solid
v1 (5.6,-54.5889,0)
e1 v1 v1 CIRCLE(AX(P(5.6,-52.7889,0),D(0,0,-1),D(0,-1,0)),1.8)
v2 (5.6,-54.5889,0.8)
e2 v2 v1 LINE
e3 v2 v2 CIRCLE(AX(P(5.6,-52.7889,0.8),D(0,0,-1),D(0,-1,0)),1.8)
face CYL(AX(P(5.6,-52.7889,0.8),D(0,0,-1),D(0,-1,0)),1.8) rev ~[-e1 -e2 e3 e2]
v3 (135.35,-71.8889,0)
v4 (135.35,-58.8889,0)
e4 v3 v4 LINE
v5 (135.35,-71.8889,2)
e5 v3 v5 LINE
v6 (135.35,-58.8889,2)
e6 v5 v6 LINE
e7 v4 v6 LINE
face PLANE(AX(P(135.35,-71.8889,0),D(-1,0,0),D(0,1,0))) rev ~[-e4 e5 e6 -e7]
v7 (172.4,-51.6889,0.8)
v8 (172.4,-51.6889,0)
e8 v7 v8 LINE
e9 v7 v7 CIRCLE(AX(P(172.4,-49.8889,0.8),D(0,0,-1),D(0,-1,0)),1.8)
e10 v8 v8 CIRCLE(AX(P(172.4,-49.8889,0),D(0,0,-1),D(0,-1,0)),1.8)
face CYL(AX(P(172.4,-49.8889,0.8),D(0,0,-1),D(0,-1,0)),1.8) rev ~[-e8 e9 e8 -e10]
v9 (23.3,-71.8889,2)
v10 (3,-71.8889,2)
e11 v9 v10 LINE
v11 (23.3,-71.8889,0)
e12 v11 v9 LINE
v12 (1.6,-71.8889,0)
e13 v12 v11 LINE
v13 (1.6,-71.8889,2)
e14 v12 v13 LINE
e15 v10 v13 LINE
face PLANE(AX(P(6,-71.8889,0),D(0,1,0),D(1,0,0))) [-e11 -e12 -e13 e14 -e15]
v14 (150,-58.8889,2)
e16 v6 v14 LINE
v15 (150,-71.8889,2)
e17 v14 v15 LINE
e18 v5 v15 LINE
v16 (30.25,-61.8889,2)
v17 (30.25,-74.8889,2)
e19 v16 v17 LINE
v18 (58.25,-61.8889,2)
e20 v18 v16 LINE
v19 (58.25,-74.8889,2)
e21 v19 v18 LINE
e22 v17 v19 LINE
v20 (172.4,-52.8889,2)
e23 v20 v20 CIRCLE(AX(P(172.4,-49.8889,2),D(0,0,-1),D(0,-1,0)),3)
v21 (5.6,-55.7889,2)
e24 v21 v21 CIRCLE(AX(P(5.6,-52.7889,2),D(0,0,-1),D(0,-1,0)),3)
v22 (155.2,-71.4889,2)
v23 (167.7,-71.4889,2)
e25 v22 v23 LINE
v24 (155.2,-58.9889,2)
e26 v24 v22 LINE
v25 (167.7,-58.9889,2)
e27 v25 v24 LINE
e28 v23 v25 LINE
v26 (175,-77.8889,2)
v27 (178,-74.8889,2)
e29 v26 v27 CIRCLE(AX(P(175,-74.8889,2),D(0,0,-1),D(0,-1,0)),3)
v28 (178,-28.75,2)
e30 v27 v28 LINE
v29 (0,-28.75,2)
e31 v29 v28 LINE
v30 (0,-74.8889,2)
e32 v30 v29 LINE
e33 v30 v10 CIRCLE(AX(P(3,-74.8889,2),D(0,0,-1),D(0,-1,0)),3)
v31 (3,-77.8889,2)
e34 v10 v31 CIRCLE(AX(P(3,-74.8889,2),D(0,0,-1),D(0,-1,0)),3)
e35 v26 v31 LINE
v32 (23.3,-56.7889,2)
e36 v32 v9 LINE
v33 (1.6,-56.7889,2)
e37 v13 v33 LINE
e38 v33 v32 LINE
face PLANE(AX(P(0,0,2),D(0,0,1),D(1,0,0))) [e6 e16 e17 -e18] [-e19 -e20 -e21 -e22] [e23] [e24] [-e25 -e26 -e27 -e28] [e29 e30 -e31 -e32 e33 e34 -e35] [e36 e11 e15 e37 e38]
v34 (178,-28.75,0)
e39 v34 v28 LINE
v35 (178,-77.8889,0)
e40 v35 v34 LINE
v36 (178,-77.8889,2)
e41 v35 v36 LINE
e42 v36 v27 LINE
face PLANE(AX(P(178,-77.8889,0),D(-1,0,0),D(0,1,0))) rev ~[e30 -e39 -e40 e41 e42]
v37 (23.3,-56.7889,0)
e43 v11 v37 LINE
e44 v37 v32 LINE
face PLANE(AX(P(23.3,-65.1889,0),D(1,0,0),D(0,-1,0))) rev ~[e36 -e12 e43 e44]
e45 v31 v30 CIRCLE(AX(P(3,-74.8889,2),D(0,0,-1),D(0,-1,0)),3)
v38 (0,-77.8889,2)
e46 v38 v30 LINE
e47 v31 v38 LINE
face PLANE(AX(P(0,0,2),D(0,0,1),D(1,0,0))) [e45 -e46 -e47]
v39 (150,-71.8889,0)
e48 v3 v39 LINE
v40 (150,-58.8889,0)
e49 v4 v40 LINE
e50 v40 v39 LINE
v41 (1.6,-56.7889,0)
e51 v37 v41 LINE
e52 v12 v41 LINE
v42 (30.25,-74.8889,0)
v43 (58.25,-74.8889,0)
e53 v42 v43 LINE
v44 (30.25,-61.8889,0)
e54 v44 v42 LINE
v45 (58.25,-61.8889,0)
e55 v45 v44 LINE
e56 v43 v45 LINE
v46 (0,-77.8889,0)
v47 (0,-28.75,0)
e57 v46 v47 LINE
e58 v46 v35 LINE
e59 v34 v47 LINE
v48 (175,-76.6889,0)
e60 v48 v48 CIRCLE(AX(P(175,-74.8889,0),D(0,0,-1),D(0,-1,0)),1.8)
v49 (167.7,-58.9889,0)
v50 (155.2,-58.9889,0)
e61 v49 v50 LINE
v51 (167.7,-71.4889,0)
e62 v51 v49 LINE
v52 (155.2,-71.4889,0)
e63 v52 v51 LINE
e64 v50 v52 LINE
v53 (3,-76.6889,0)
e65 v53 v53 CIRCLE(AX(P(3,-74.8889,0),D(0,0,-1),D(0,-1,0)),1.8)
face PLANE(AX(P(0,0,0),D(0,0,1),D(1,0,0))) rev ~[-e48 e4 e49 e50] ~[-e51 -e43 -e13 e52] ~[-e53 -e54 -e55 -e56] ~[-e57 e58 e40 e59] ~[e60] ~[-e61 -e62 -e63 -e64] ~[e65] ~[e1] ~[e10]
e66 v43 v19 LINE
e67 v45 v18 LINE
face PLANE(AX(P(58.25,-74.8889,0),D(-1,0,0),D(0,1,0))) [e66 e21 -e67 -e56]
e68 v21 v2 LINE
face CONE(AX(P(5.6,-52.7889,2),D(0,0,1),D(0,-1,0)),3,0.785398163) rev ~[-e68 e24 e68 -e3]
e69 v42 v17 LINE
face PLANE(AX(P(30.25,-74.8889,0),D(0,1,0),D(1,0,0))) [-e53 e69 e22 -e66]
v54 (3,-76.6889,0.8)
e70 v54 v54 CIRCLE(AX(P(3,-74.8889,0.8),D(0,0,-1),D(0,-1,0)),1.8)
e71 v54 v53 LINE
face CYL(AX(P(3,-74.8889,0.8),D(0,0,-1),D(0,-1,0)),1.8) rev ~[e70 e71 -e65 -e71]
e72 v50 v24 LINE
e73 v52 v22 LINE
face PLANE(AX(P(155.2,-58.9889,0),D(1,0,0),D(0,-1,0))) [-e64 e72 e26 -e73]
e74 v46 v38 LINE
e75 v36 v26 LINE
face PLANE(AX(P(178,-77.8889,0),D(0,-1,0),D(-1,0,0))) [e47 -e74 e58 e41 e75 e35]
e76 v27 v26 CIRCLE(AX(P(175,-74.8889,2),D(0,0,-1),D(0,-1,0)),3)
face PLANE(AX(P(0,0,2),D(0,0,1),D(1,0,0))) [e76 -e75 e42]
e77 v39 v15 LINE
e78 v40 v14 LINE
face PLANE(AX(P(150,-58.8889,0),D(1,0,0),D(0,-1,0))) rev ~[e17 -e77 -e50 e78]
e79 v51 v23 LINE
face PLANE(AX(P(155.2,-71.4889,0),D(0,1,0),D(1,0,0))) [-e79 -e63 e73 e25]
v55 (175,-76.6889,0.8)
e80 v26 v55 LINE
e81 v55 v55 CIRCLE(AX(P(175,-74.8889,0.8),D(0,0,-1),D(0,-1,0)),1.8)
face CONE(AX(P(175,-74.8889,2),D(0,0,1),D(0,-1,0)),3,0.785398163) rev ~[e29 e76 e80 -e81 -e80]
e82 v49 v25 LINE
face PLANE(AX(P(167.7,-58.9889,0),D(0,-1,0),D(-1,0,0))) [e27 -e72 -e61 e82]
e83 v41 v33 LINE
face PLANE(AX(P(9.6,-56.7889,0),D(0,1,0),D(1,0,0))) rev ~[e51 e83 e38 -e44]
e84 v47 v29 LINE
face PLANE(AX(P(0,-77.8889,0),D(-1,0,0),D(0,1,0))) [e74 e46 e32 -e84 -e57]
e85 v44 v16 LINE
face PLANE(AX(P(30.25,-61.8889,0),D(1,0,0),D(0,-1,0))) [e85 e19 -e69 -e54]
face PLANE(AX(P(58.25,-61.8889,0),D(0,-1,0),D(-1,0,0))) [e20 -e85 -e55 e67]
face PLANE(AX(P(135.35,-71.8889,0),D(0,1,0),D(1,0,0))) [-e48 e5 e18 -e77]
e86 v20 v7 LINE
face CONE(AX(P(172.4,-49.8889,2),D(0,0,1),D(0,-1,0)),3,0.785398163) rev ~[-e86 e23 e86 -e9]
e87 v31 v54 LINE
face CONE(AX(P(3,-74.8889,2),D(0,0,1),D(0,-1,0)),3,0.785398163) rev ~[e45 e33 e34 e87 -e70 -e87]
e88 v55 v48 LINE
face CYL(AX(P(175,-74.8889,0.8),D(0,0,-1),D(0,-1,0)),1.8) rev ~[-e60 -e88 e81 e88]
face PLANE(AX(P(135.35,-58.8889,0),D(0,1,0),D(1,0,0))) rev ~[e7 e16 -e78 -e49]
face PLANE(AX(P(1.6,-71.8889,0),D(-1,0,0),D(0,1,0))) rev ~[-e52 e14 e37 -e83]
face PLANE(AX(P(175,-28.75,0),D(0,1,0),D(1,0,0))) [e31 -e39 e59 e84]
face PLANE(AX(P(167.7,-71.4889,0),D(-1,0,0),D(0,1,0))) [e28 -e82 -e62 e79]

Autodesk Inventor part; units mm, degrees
ref_plane "YZ Plane" through (0, 0, 0) normal (1, 0, 0) x (0, 1, 0)
ref_plane "XZ Plane" through (0, 0, 0) normal (0, 1, 0) x (-1, 0, 0)
ref_plane "XY Plane" through (0, 0, 0) normal (0, 0, 1) x (1, 0, 0)
ref_plane "Work Plane1" through (0, 0, 0) normal (0, 0, 1) x (1, 0, 0)
sketch "Sketch1" plane through (0, 0, 0) normal (0, 0, 1) x (1, 0, 0)
  circle A0 centre (118.7, -21.5445) radius 2.5 projected
  circle A1 centre (113.95, -8.8843) radius 2.5 projected
  circle A2 centre (64.05, -19.8657) radius 2.5 projected
  circle A3 centre (59.3, -7.2055) radius 2.5 projected
  circle A4 centre (64.05, -8.8843) radius 2.5 projected
  circle A5 centre (59.3, -21.5445) radius 2.5 projected
  circle A6 centre (118.7, -7.2055) radius 2.5 projected
  circle A7 centre (113.95, -19.8657) radius 2.5 projected
  line L0 (84.5, 12.4325) -> (84.5, -11.5675) projected
  line L1 (84.5, -11.5675) -> (72.5, -11.5675) projected
  line L2 (72.5, -11.5675) -> (72.5, 4.5875) projected
  circle A8 centre (69.5, 4.5875) radius 3 projected
  line L3 (72.5, 4.5875) -> (72.5, 12.4325) projected
  line L4 (72.5, 12.4325) -> (84.5, 12.4325) projected
  arc A9 (105.5, 4.2836) -> (105.5, 4.8914) centre (108.4846, 4.5875) ccw projected
  line L5 (105.5, 4.2836) -> (105.5, -11.5675) projected
  line L6 (105.5, -11.5675) -> (93.5, -11.5675) projected
  line L7 (93.5, -11.5675) -> (93.5, 12.4325) projected
  line L8 (93.5, 12.4325) -> (105.5, 12.4325) projected
  line L9 (105.5, 12.4325) -> (105.5, 4.8914) projected
  circle A10 centre (108.4462, 27.5) radius 3 projected
  circle A11 centre (69.5, 27.5) radius 3 projected
  circle A12 centre (89, 0.9661) radius 3 projected
  circle A13 centre (89, 29.5) radius 3 projected
  arc A14 (175, 0) -> (178, -3) centre (175, -3) ccw projected
  line L10 (175, 0) -> (112.5, 0) projected
  line L11 (112.5, 0) -> (112.5, 55) projected
  line L12 (112.5, 55) -> (65.5, 55) projected
  line L13 (65.5, 55) -> (65.5, 0) projected
  line L14 (65.5, 0) -> (3, 0) projected
  arc A15 (0, -3) -> (3, 0) centre (3, -3) ccw projected
  line L15 (0, -3) -> (0, -25.75) projected
  arc A16 (3, -28.75) -> (0, -25.75) centre (3, -25.75) ccw projected
  line L16 (3, -28.75) -> (175, -28.75) projected
  arc A17 (178, -25.75) -> (175, -28.75) centre (175, -25.75) ccw projected
  line L17 (178, -25.75) -> (178, -3) projected
  circle A18 centre (3, -25.75) radius 2.3 projected
  circle A19 centre (3, -3) radius 2.3 projected
  circle A20 centre (3, -74.8889) radius 2.3 projected
  line L18 (0, 0) -> (6, 0) projected
  line L19 (0, -77.8889) -> (0, 0) projected
  line L20 (0, -77.8889) -> (6, -77.8889) projected
  line L21 (6, -71.8889) -> (6, -77.8889) projected
  line L22 (6, -71.8889) -> (1.6, -71.8889) projected
  line L23 (1.6, -71.8889) -> (1.6, -56.7889) projected
  line L24 (1.6, -56.7889) -> (9.6, -56.7889) projected
  line L25 (9.6, -44.7889) -> (9.6, -56.7889) projected
  line L26 (3, -44.7889) -> (9.6, -44.7889) projected
  line L27 (3, -28.75) -> (3, -44.7889) projected
  line L28 (3, -28.75) -> (6, -28.75) projected
  line L29 (6, -28.75) -> (6, -22.75) projected
  line L30 (6, -22.75) -> (3, -22.75) projected
  line L31 (3, -6) -> (3, -22.75) projected
  line L32 (3, -6) -> (6, -6) projected
  line L33 (6, -6) -> (6, 0) projected
  circle A21 centre (5.6, -52.7889) radius 2.6 projected
  circle A22 centre (175, -3) radius 2.3 projected
  circle A23 centre (175, -25.75) radius 2.3 projected
  line L34 (175, -28.75) -> (175, -41.8889) projected
  line L35 (168.4, -41.8889) -> (175, -41.8889) projected
  line L36 (168.4, -53.8889) -> (168.4, -41.8889) projected
  line L37 (175, -53.8889) -> (168.4, -53.8889) projected
  line L38 (175, -53.8889) -> (175, -71.8889) projected
  line L39 (175, -71.8889) -> (172, -71.8889) projected
  line L40 (172, -71.8889) -> (172, -77.8889) projected
  line L41 (178, -77.8889) -> (172, -77.8889) projected
  line L42 (178, -77.8889) -> (178, 0) projected
  line L43 (178, 0) -> (172, 0) projected
  line L44 (172, 0) -> (172, -6) projected
  line L45 (172, -6) -> (175, -6) projected
  line L46 (175, -6) -> (175, -22.75) projected
  line L47 (175, -22.75) -> (172, -22.75) projected
  line L48 (172, -22.75) -> (172, -28.75) projected
  line L49 (172, -28.75) -> (175, -28.75) projected
  circle A24 centre (175, -74.8889) radius 2.3 projected
  circle A25 centre (172.4, -49.8889) radius 2.6 projected
  line L50 (156.2, -70.4889) -> (156.2, -59.9889) projected
  line L51 (166.7, -59.9889) -> (156.2, -59.9889) projected
  line L52 (166.7, -59.9889) -> (166.7, -70.4889) projected
  line L53 (156.2, -70.4889) -> (166.7, -70.4889) projected
  line L54 (149, -59.8889) -> (149, -70.8889) projected
  line L55 (149, -70.8889) -> (136.35, -70.8889) projected
  line L56 (136.35, -70.8889) -> (136.35, -59.8889) projected
  line L57 (136.35, -59.8889) -> (149, -59.8889) projected
  line L58 (135, -53.8889) -> (135, -71.8889) projected
  line L59 (135, -71.8889) -> (175, -71.8889) projected
  line L60 (175, -71.8889) -> (175, -53.8889) projected
  line L61 (175, -53.8889) -> (135, -53.8889) projected
  circle A26 centre (137.85, -56.7389) radius 1.5 projected
  circle A27 centre (172.15, -56.7389) radius 1.5 projected
  line L62 (31.25, -62.8889) -> (31.25, -73.8889) projected
  line L63 (31.25, -73.8889) -> (57.25, -73.8889) projected
  line L64 (57.25, -73.8889) -> (57.25, -62.8889) projected
  line L65 (57.25, -62.8889) -> (31.25, -62.8889) projected
  line L66 (9.6, -56.7889) -> (23.3, -56.7889) projected
  line L67 (23.3, -56.7889) -> (23.3, -59.8889) projected
  line L68 (23.3, -59.8889) -> (23.3, -65.1889) projected
  line L69 (3, -71.8889) -> (23.3, -71.8889) projected
  line L70 (23.3, -61.8889) -> (23.3, -74.8889) projected
  line L71 (30.25, -61.8889) -> (30.25, -74.8889)
  line L72 (30.25, -74.8889) -> (58.25, -74.8889)
  line L73 (58.25, -74.8889) -> (58.25, -61.8889)
  line L74 (58.25, -61.8889) -> (30.25, -61.8889)
  line L75 (150, -58.8889) -> (150, -71.8889)
  line L76 (150, -71.8889) -> (135.35, -71.8889)
  line L77 (135.35, -71.8889) -> (135.35, -58.8889)
  line L78 (135.35, -58.8889) -> (150, -58.8889)
  line L79 (155.2, -58.9889) -> (155.2, -71.4889)
  line L80 (155.2, -71.4889) -> (167.7, -71.4889)
  line L81 (167.7, -71.4889) -> (167.7, -58.9889)
  line L82 (167.7, -58.9889) -> (155.2, -58.9889)
  line L83 (0, -28.75) -> (178, -28.75)
  line L84 (178, -28.75) -> (178, -77.8889)
  line L85 (178, -77.8889) -> (0, -77.8889)
  line L86 (0, -77.8889) -> (0, -28.75)
  line L87 (147.9, -18.975) -> (147.9, -9.775) projected
  spline S0 degree 3 poles (147.9, -9.775) (147.9, -9.6319) (147.9163, -9.3812) (147.9666, -9.0958) (148.0181, -8.8833) (148.0595, -8.7423) (148.12, -8.5679) (148.1761, -8.4292) (148.2544, -8.2606) (148.3231, -8.1302) (148.416, -7.9727) (148.4957, -7.8511) (148.6018, -7.7049) (148.6917, -7.5925) (148.8338, -7.4311) (148.985, -7.2799) (149.2059, -7.0923) (149.3854, -6.9628) (149.5759, -6.8435) (149.7083, -6.7693) (149.8633, -6.6924) (149.97, -6.6451) (150.0794, -6.6013) (150.1527, -6.5741) (150.2632, -6.5365) (150.3745, -6.5028) (150.58, -6.4499) (150.8061, -6.4076) (151.1474, -6.3724) (151.4526, -6.3724) (151.7939, -6.4076) (152.02, -6.4499) (152.2255, -6.5028) (152.3368, -6.5365) (152.4473, -6.5741) (152.5206, -6.6013) (152.63, -6.6451) (152.7367, -6.6924) (152.8917, -6.7693) (153.0241, -6.8435) (153.2146, -6.9628) (153.3941, -7.0923) (153.615, -7.2799) (153.7662, -7.4311) (153.9083, -7.5925) (153.9982, -7.7049) (154.1043, -7.8511) (154.184, -7.9727) (154.2769, -8.1302) (154.3456, -8.2606) (154.4239, -8.4292) (154.48, -8.5679) (154.5405, -8.7423) (154.5819, -8.8833) (154.6334, -9.0958) (154.6837, -9.3812) (154.7, -9.6319) (154.7, -9.775) knots -0.380025 -0.380025 -0.380025 -0.380025 -0.348357 -0.324605 -0.316688 -0.300853 -0.292936 -0.277102 -0.269185 -0.25335 -0.245433 -0.229599 -0.221682 -0.205847 -0.19793 -0.174178 -0.158344 -0.134592 -0.126675 -0.110841 -0.102924 -0.091048 -0.087089 -0.079172 -0.075213 -0.063338 -0.05542 -0.031669 -0.015834 0.015834 0.031669 0.05542 0.063338 0.075213 0.079172 0.087089 0.091048 0.102924 0.110841 0.126675 0.134592 0.158344 0.174178 0.19793 0.205847 0.221682 0.229599 0.245433 0.25335 0.269185 0.277102 0.292936 0.300853 0.316688 0.324605 0.348357 0.380025 0.380025 0.380025 0.380025 projected
  line L88 (154.7, -9.775) -> (154.7, -18.975) projected
  spline S1 degree 3 poles (154.7, -18.975) (154.7, -19.1181) (154.6837, -19.3688) (154.6334, -19.6542) (154.5819, -19.8667) (154.5405, -20.0077) (154.48, -20.1821) (154.4239, -20.3208) (154.3456, -20.4894) (154.2769, -20.6198) (154.184, -20.7773) (154.1043, -20.8989) (153.9982, -21.0451) (153.9083, -21.1575) (153.7662, -21.3189) (153.615, -21.4701) (153.3941, -21.6577) (153.2146, -21.7872) (153.0241, -21.9065) (152.8917, -21.9807) (152.7367, -22.0576) (152.63, -22.1049) (152.5206, -22.1487) (152.4473, -22.1759) (152.3368, -22.2135) (152.2255, -22.2472) (152.02, -22.3001) (151.7939, -22.3424) (151.4526, -22.3776) (151.1474, -22.3776) (150.8061, -22.3424) (150.58, -22.3001) (150.3745, -22.2472) (150.2632, -22.2135) (150.1527, -22.1759) (150.0794, -22.1487) (149.97, -22.1049) (149.8633, -22.0576) (149.7083, -21.9807) (149.5759, -21.9065) (149.3854, -21.7872) (149.2059, -21.6577) (148.985, -21.4701) (148.8338, -21.3189) (148.6917, -21.1575) (148.6018, -21.0451) (148.4957, -20.8989) (148.416, -20.7773) (148.3231, -20.6198) (148.2544, -20.4894) (148.1761, -20.3208) (148.12, -20.1821) (148.0595, -20.0077) (148.0181, -19.8667) (147.9666, -19.6542) (147.9163, -19.3688) (147.9, -19.1181) (147.9, -18.975) knots 0.368505 0.368505 0.368505 0.368505 0.400174 0.423925 0.431842 0.447677 0.455594 0.471428 0.479345 0.49518 0.503097 0.518931 0.526849 0.542683 0.5506 0.574352 0.590186 0.613938 0.621855 0.637689 0.645607 0.657482 0.661441 0.669358 0.673317 0.685193 0.69311 0.716861 0.732696 0.764365 0.780199 0.803951 0.811868 0.823744 0.827702 0.835619 0.839578 0.851454 0.859371 0.875205 0.883123 0.906874 0.922709 0.94646 0.954377 0.970212 0.978129 0.993963 1.00188 1.017715 1.025632 1.041466 1.049384 1.065218 1.073135 1.096887 1.128556 1.128556 1.128556 1.128556 projected
  spline S2 degree 3 poles (30.1, -18.975) (30.1, -19.1181) (30.0837, -19.3688) (30.0334, -19.6542) (29.9819, -19.8667) (29.9405, -20.0077) (29.88, -20.1821) (29.8239, -20.3208) (29.7456, -20.4894) (29.6769, -20.6198) (29.584, -20.7773) (29.5043, -20.8989) (29.3982, -21.0451) (29.3083, -21.1575) (29.1662, -21.3189) (29.015, -21.4701) (28.7941, -21.6577) (28.6146, -21.7872) (28.4241, -21.9065) (28.2917, -21.9807) (28.1367, -22.0576) (28.03, -22.1049) (27.9206, -22.1487) (27.8473, -22.1759) (27.7368, -22.2135) (27.6255, -22.2472) (27.42, -22.3001) (27.1939, -22.3424) (26.8526, -22.3776) (26.5474, -22.3776) (26.2061, -22.3424) (25.98, -22.3001) (25.7745, -22.2472) (25.6632, -22.2135) (25.5527, -22.1759) (25.4794, -22.1487) (25.37, -22.1049) (25.2633, -22.0576) (25.1083, -21.9807) (24.9759, -21.9065) (24.7854, -21.7872) (24.6059, -21.6577) (24.385, -21.4701) (24.2338, -21.3189) (24.0917, -21.1575) (24.0018, -21.0451) (23.8957, -20.8989) (23.816, -20.7773) (23.7231, -20.6198) (23.6544, -20.4894) (23.5761, -20.3208) (23.52, -20.1821) (23.4595, -20.0077) (23.4181, -19.8667) (23.3666, -19.6542) (23.3163, -19.3688) (23.3, -19.1181) (23.3, -18.975) knots 0.368505 0.368505 0.368505 0.368505 0.400174 0.423925 0.431842 0.447677 0.455594 0.471428 0.479345 0.49518 0.503097 0.518931 0.526849 0.542683 0.5506 0.574352 0.590186 0.613938 0.621855 0.637689 0.645607 0.657482 0.661441 0.669358 0.673317 0.685193 0.69311 0.716861 0.732696 0.764365 0.780199 0.803951 0.811868 0.823744 0.827702 0.835619 0.839578 0.851454 0.859371 0.875205 0.883123 0.906874 0.922709 0.94646 0.954377 0.970212 0.978129 0.993963 1.00188 1.017715 1.025632 1.041466 1.049384 1.065218 1.073135 1.096887 1.128556 1.128556 1.128556 1.128556 projected
  line L89 (23.3, -18.975) -> (23.3, -9.775) projected
  spline S3 degree 3 poles (23.3, -9.775) (23.3, -9.6319) (23.3163, -9.3812) (23.3666, -9.0958) (23.4181, -8.8833) (23.4595, -8.7423) (23.52, -8.5679) (23.5761, -8.4292) (23.6544, -8.2606) (23.7231, -8.1302) (23.816, -7.9727) (23.8957, -7.8511) (24.0018, -7.7049) (24.0917, -7.5925) (24.2338, -7.4311) (24.385, -7.2799) (24.6059, -7.0923) (24.7854, -6.9628) (24.9759, -6.8435) (25.1083, -6.7693) (25.2633, -6.6924) (25.37, -6.6451) (25.4794, -6.6013) (25.5527, -6.5741) (25.6632, -6.5365) (25.7745, -6.5028) (25.98, -6.4499) (26.2061, -6.4076) (26.5474, -6.3724) (26.8526, -6.3724) (27.1939, -6.4076) (27.42, -6.4499) (27.6255, -6.5028) (27.7368, -6.5365) (27.8473, -6.5741) (27.9206, -6.6013) (28.03, -6.6451) (28.1367, -6.6924) (28.2917, -6.7693) (28.4241, -6.8435) (28.6146, -6.9628) (28.7941, -7.0923) (29.015, -7.2799) (29.1662, -7.4311) (29.3083, -7.5925) (29.3982, -7.7049) (29.5043, -7.8511) (29.584, -7.9727) (29.6769, -8.1302) (29.7456, -8.2606) (29.8239, -8.4292) (29.88, -8.5679) (29.9405, -8.7423) (29.9819, -8.8833) (30.0334, -9.0958) (30.0837, -9.3812) (30.1, -9.6319) (30.1, -9.775) knots -0.380025 -0.380025 -0.380025 -0.380025 -0.348357 -0.324605 -0.316688 -0.300853 -0.292936 -0.277102 -0.269185 -0.25335 -0.245433 -0.229599 -0.221682 -0.205847 -0.19793 -0.174178 -0.158344 -0.134592 -0.126675 -0.110841 -0.102924 -0.091048 -0.087089 -0.079172 -0.075213 -0.063338 -0.05542 -0.031669 -0.015834 0.015834 0.031669 0.05542 0.063338 0.075213 0.079172 0.087089 0.091048 0.102924 0.110841 0.126675 0.134592 0.158344 0.174178 0.19793 0.205847 0.221682 0.229599 0.245433 0.25335 0.269185 0.277102 0.292936 0.300853 0.316688 0.324605 0.348357 0.380025 0.380025 0.380025 0.380025 projected
  line L90 (30.1, -9.775) -> (30.1, -18.975) projected
  point P0 (3, -28.75)
  point P1 (175, -28.75)
  point P2 (135.35, -71.8889)
  dimension "d0" = 1
  dimension "d1" = 1
  dimension "d2" = 1
extrude "Extrusion1" add sketch "Sketch1" along normal blind 2 contours L42 L41 L40 L39 L38 L37 L36 L35 L34 L83 | L34 L35 L36 L61 L58 L59 L40 L85 L21 L69 L70 L68 L67 L66 L25 L26 L27 L16 | L27 L26 L25 L24 L23 L22 L21 L20 L19 L83 | L59 L75 L78 L77 L58 L61 L37 L38 L39 | A20 | A21 | A24 | A25 | A26 | A27
sketch "Sketch2" plane through (0, 0, 2) normal (0, 0, 1) x (1, 0, 0)
  circle A0 centre (3, -25.75) radius 2.3 projected
  circle A1 centre (3, -3) radius 2.3 projected
  circle A2 centre (3, -74.8889) radius 2.3 projected
  line L0 (0, 0) -> (6, 0) projected
  line L1 (0, -77.8889) -> (0, 0) projected
  line L2 (0, -77.8889) -> (6, -77.8889) projected
  line L3 (6, -71.8889) -> (6, -77.8889) projected
  line L4 (6, -71.8889) -> (1.6, -71.8889) projected
  line L5 (1.6, -71.8889) -> (1.6, -56.7889) projected
  line L6 (1.6, -56.7889) -> (9.6, -56.7889) projected
  line L7 (9.6, -44.7889) -> (9.6, -56.7889) projected
  line L8 (3, -44.7889) -> (9.6, -44.7889) projected
  line L9 (3, -28.75) -> (3, -44.7889) projected
  line L10 (3, -28.75) -> (6, -28.75) projected
  line L11 (6, -28.75) -> (6, -22.75) projected
  line L12 (6, -22.75) -> (3, -22.75) projected
  line L13 (3, -6) -> (3, -22.75) projected
  line L14 (3, -6) -> (6, -6) projected
  line L15 (6, -6) -> (6, 0) projected
  circle A3 centre (5.6, -52.7889) radius 2.6 projected
  circle A4 centre (172.4, -49.8889) radius 2.6 projected
  circle A5 centre (175, -3) radius 2.3 projected
  circle A6 centre (175, -25.75) radius 2.3 projected
  line L16 (175, -28.75) -> (175, -41.8889) projected
  line L17 (168.4, -41.8889) -> (175, -41.8889) projected
  line L18 (168.4, -53.8889) -> (168.4, -41.8889) projected
  line L19 (175, -53.8889) -> (168.4, -53.8889) projected
  line L20 (175, -53.8889) -> (175, -71.8889) projected
  line L21 (175, -71.8889) -> (172, -71.8889) projected
  line L22 (172, -71.8889) -> (172, -77.8889) projected
  line L23 (178, -77.8889) -> (172, -77.8889) projected
  line L24 (178, -77.8889) -> (178, 0) projected
  line L25 (178, 0) -> (172, 0) projected
  line L26 (172, 0) -> (172, -6) projected
  line L27 (172, -6) -> (175, -6) projected
  line L28 (175, -6) -> (175, -22.75) projected
  line L29 (175, -22.75) -> (172, -22.75) projected
  line L30 (172, -22.75) -> (172, -28.75) projected
  line L31 (172, -28.75) -> (175, -28.75) projected
  circle A7 centre (175, -74.8889) radius 2.3 projected
  circle A8 centre (172.4, -49.8889) radius 2.6 projected
hole "Hole1" at (5.6, -52.7889, 2) at (3, -74.8889, 2) at (175, -74.8889, 2) at (172.4, -49.8889, 2) direction (0, 0, -1) diameter 3.6 end through all countersink diameter 6 countersink angle 90 clearance for "Countersunk Flat Head Screw ISO 2009/7046" size "M3" standard "ISO"
properties part number "ceil_front" material "ABS Plastic"
